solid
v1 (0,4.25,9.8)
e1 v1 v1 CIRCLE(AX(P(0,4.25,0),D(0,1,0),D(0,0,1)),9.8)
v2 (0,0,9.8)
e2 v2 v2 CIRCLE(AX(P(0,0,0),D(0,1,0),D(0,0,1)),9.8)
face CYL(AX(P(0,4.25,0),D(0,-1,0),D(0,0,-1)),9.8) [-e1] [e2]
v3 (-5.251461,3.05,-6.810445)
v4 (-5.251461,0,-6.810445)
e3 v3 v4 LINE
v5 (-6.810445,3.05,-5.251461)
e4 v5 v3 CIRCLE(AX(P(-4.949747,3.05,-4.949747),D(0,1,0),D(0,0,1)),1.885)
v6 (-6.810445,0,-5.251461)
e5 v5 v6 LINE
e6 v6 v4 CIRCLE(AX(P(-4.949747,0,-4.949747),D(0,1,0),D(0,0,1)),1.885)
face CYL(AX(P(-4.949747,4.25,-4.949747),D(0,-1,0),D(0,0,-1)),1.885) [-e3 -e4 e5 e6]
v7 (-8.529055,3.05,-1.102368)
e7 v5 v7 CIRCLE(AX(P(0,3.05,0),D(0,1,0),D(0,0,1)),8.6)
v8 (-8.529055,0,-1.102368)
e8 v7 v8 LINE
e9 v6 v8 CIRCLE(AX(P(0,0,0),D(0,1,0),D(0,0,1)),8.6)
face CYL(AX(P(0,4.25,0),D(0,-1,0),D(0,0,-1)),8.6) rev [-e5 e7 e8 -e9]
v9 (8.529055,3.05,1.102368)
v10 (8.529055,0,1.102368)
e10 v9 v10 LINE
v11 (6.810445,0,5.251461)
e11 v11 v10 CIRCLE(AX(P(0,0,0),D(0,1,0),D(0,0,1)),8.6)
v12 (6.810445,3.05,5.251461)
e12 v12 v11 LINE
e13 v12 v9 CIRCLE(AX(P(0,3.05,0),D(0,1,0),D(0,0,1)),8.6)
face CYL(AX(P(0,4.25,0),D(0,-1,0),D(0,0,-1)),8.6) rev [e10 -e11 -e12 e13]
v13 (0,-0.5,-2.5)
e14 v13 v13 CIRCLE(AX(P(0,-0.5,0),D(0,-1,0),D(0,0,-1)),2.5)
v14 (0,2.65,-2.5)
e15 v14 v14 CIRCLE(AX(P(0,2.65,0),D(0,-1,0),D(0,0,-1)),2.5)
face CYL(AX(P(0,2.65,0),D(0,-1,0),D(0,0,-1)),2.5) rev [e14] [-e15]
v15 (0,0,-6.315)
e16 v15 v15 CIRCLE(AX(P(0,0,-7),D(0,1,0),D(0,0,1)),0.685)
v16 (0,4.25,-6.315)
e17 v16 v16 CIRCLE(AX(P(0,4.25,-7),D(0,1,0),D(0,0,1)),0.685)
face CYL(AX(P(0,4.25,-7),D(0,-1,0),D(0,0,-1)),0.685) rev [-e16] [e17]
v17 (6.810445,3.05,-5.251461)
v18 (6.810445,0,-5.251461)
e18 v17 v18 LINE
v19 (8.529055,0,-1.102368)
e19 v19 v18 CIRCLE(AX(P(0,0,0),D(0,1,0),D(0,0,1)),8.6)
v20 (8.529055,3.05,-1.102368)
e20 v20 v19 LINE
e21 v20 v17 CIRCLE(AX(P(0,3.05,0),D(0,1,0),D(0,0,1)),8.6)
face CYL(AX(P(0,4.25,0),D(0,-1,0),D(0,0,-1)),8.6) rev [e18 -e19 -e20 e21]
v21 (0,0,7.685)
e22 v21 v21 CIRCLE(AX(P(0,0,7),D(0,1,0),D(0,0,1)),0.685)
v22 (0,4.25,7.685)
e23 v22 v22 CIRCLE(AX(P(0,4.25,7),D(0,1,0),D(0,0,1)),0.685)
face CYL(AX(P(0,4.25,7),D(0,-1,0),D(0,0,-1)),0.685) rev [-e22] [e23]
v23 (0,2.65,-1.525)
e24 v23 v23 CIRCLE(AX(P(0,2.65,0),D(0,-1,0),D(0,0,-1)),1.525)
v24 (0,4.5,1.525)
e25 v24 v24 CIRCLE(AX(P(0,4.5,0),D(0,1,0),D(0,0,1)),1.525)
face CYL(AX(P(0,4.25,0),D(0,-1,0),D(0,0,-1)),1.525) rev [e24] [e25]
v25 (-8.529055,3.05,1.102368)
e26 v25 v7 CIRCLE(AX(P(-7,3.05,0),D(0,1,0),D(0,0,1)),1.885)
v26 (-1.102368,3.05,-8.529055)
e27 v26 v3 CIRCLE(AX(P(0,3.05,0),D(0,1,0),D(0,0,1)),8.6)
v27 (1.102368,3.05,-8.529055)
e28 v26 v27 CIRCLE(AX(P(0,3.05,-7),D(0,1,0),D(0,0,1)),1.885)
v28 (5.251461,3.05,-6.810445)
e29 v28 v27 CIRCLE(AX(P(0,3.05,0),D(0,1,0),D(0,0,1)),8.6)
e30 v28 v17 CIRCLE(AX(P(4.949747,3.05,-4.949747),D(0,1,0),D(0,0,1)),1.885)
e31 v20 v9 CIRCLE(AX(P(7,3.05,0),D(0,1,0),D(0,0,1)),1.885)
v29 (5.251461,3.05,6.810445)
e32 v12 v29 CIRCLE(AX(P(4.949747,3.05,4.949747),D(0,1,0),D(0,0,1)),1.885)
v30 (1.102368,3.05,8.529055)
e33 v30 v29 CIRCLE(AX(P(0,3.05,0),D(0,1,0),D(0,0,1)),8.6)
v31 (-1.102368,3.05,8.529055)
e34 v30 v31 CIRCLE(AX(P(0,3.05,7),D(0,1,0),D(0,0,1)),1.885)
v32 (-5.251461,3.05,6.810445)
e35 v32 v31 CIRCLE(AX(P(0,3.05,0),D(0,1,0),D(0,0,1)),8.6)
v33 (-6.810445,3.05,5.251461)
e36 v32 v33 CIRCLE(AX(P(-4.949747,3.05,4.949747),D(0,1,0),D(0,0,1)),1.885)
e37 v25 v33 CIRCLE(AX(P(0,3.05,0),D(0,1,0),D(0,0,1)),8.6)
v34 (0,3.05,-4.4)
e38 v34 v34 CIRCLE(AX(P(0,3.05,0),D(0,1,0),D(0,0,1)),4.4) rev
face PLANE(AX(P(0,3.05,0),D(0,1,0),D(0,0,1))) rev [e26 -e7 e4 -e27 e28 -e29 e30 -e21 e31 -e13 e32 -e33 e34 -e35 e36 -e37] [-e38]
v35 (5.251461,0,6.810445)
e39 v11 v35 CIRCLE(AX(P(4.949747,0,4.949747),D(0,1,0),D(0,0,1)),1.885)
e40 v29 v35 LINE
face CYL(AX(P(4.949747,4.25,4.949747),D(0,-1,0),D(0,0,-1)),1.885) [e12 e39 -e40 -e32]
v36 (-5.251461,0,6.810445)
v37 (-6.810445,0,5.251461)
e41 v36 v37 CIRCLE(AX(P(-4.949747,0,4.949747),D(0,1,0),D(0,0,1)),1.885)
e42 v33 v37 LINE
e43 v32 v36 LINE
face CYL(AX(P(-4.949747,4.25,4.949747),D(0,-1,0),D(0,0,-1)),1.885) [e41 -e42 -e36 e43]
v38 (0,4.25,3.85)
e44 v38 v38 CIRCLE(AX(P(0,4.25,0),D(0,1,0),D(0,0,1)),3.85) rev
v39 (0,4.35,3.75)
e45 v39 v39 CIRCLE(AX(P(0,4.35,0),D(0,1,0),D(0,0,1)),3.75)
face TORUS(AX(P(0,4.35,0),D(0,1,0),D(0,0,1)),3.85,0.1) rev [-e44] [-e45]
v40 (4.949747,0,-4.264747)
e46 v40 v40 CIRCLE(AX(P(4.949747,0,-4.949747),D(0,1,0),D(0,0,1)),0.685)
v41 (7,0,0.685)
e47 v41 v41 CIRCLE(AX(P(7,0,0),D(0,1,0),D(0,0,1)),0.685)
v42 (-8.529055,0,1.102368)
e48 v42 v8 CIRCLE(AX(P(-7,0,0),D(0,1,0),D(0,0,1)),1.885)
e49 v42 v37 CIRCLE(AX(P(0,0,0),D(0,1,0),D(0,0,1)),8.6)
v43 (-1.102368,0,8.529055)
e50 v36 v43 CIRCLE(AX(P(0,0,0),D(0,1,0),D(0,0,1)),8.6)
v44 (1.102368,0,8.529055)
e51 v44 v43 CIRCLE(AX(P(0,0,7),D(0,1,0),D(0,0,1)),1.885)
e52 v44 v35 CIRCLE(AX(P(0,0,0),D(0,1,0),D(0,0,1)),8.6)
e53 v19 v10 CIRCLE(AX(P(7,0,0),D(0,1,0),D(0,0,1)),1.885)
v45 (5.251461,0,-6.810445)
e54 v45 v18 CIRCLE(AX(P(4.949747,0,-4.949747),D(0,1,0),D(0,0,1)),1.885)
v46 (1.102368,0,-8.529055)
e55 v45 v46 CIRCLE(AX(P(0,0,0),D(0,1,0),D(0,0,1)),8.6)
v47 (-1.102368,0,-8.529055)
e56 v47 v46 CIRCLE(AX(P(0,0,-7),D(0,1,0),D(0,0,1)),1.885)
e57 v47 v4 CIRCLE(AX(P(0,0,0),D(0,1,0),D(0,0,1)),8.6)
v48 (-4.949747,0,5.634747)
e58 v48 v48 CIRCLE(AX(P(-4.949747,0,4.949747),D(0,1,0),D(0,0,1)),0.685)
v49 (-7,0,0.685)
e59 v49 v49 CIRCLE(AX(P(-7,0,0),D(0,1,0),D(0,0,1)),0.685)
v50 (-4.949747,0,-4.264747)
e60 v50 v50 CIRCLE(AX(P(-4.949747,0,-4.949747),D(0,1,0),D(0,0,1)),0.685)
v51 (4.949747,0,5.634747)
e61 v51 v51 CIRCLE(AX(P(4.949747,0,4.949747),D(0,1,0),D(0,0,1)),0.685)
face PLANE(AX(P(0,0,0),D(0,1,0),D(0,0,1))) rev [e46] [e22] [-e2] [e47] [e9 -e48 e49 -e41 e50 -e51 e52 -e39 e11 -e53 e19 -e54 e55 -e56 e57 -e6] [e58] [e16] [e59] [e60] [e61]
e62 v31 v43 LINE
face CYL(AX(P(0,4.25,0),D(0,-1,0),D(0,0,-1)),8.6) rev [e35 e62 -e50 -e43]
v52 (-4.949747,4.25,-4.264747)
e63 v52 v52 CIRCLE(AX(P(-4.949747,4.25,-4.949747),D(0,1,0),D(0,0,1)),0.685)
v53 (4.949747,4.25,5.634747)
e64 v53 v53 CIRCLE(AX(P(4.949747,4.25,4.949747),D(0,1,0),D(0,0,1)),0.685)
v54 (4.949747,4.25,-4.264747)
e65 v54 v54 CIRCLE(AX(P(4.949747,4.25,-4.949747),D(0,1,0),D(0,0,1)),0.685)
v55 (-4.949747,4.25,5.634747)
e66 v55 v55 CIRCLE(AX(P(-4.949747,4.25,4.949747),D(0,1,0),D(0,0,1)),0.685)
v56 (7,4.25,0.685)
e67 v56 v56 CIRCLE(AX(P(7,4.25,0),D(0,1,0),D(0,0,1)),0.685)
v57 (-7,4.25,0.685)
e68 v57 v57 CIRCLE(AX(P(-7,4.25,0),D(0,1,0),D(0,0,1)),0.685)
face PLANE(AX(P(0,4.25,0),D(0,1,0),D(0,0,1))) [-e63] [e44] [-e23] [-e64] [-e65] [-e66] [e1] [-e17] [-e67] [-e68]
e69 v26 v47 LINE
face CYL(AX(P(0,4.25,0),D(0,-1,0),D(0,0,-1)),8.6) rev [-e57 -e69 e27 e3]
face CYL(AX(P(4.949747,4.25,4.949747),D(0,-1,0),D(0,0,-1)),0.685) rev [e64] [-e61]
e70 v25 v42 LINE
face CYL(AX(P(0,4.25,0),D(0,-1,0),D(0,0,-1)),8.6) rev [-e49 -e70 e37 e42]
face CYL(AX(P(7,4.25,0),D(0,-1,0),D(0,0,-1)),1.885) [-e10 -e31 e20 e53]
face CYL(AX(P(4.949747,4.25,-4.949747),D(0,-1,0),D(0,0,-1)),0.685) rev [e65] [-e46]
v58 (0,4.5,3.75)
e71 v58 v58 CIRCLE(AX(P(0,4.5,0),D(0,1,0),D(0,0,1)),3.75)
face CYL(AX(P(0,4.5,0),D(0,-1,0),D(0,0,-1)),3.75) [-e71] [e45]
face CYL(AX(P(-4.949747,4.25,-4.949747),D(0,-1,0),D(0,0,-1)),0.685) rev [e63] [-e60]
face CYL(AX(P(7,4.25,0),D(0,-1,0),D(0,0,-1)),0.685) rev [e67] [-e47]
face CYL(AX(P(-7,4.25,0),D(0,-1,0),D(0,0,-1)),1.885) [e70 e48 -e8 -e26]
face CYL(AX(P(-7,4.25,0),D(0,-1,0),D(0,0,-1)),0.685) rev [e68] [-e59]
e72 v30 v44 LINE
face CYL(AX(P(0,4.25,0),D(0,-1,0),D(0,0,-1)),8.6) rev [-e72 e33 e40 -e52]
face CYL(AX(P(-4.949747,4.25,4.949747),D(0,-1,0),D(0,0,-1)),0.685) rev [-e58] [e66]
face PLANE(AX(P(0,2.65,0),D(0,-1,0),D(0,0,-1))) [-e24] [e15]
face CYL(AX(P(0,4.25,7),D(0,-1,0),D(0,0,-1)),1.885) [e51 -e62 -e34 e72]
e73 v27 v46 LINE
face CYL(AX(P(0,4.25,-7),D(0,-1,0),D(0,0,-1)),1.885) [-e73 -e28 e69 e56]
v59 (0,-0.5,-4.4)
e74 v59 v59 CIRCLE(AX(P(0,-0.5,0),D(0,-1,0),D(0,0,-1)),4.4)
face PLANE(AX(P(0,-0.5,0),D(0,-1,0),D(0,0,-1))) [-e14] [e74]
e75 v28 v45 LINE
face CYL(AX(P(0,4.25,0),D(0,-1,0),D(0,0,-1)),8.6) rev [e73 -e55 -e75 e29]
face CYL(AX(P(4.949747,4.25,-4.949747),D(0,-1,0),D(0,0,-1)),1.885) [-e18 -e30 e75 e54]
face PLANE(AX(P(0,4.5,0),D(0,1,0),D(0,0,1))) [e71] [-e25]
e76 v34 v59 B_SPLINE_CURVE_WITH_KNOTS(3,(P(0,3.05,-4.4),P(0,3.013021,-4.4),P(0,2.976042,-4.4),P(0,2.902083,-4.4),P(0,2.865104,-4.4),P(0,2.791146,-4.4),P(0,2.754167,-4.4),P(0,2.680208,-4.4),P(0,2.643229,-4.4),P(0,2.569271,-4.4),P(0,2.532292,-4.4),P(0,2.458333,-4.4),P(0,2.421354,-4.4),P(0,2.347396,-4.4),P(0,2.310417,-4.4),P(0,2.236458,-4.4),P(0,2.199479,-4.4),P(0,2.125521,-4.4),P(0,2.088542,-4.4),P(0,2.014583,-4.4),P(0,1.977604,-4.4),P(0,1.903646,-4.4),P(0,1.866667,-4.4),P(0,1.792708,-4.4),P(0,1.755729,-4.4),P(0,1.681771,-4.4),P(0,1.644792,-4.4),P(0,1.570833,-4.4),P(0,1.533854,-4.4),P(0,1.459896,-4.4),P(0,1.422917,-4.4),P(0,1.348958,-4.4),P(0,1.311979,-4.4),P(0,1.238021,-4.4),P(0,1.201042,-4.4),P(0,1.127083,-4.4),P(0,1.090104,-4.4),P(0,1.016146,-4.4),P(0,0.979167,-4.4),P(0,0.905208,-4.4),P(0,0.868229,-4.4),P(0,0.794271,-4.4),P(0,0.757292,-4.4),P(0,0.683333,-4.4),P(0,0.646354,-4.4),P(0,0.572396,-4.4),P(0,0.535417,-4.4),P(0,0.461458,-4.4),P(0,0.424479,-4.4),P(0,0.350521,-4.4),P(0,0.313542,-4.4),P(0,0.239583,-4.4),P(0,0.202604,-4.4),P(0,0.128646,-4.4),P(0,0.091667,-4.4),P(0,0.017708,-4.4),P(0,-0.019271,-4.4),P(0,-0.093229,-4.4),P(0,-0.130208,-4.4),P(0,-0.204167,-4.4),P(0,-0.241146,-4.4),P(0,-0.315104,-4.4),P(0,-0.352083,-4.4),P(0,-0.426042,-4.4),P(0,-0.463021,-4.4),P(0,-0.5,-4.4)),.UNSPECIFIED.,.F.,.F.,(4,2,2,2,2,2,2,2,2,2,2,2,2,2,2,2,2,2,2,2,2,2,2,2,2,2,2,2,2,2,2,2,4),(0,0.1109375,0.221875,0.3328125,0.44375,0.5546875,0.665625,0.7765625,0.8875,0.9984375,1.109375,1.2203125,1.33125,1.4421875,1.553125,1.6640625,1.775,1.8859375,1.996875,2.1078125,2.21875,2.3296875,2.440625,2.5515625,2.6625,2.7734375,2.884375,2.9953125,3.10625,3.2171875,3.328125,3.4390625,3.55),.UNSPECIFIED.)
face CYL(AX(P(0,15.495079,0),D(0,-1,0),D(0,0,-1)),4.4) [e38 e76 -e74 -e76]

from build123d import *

# Parameters (mm, degrees)
SKETCH1_R                = 9.8
SKETCH1_R_2              = 0.685
SKETCH1_R_3              = 1.525
BOSS_EXTRUDE1_DEPTH      = 4.25
SHELL3_T                 = -1.2
BOSS_EXTRUDE2_DEPTH      = 0.5
BOSS_EXTRUDE2_DEPTH_BACK = 4.25
SKETCH2_R                = 4.4
SKETCH2_R_2              = 1.525
SKETCH3_R                = 2.5
CUT_EXTRUDE1_DEPTH       = 3.15
SKETCH4_R                = 3.75
SKETCH4_R_2              = 1.525
BOSS_EXTRUDE3_DEPTH      = 0.25
FILLET1_R                = 0.1


with BuildPart() as part:
    # Sketch1 → Boss-Extrude1 (new body)
    with BuildSketch(Plane(origin=(0, 0, 0), x_dir=(1, 0, 0), z_dir=(0, 1, 0))):
        with Locations(Location((0, 0, 0), (0, 0, 270))):
            Circle(SKETCH1_R)
        with Locations(Location((0, 7, 0), (0, 0, 270))):
            Circle(SKETCH1_R_2, mode=Mode.SUBTRACT)
        with Locations(Location((4.949747468, 4.949747468, 0), (0, 0, 270))):
            Circle(SKETCH1_R_2, mode=Mode.SUBTRACT)
        with Locations(Location((7, 0, 0), (0, 0, 270))):
            Circle(SKETCH1_R_2, mode=Mode.SUBTRACT)
        with Locations(Location((4.949747468, -4.949747468, 0), (0, 0, 270))):
            Circle(SKETCH1_R_2, mode=Mode.SUBTRACT)
        with Locations(Location((0, -7, 0), (0, 0, 270))):
            Circle(SKETCH1_R_2, mode=Mode.SUBTRACT)
        with Locations(Location((-4.949747468, -4.949747468, 0), (0, 0, 270))):
            Circle(SKETCH1_R_2, mode=Mode.SUBTRACT)
        with Locations(Location((-7, 0, 0), (0, 0, 270))):
            Circle(SKETCH1_R_2, mode=Mode.SUBTRACT)
        with Locations(Location((-4.949747468, 4.949747468, 0), (0, 0, 270))):
            Circle(SKETCH1_R_2, mode=Mode.SUBTRACT)
        with Locations(Location((0, 0, 0), (0, 0, 270))):
            Circle(SKETCH1_R_3, mode=Mode.SUBTRACT)
    extrude(amount=BOSS_EXTRUDE1_DEPTH)

    # Shell3
    shell3_openings = [part.faces().sort_by_distance(p)[0] for p in [
        (0, 0, -9.522814142),
    ]]
    offset(amount=SHELL3_T, openings=shell3_openings)

    # Sketch2 → Boss-Extrude2 (add, two sides: drawn at the far end of the back side and taken through both)
    with BuildSketch(Plane.XZ.offset(-BOSS_EXTRUDE2_DEPTH_BACK)):
        with Locations(Location((0, 0, 0), (0, 0, 270))):
            Circle(SKETCH2_R)
        with Locations(Location((0, 0, 0), (0, 0, 270))):
            Circle(SKETCH2_R_2, mode=Mode.SUBTRACT)
    extrude(amount=BOSS_EXTRUDE2_DEPTH + BOSS_EXTRUDE2_DEPTH_BACK)

    # Sketch3 → Cut-Extrude1 (cut)
    with BuildSketch(Plane.XZ.offset(0.5)):
        with Locations(Location((0, 0, 0), (0, 0, 270))):
            Circle(SKETCH3_R)
    extrude(amount=-CUT_EXTRUDE1_DEPTH, mode=Mode.SUBTRACT)

    # Sketch4 → Boss-Extrude3 (add)
    with BuildSketch(Plane(origin=(0, 4.25, 0), x_dir=(1, 0, 0), z_dir=(0, 1, 0))):
        with Locations(Location((0, 0, 0), (0, 0, 270))):
            Circle(SKETCH4_R)
        with Locations(Location((0, 0, 0), (0, 0, 90))):
            Circle(SKETCH4_R_2, mode=Mode.SUBTRACT)
    extrude(amount=BOSS_EXTRUDE3_DEPTH)

    # Fillet1
    fillet1_edges = [part.edges().sort_by_distance(p)[0] for p in [
        (0, 4.25, -3.75),
    ]]
    fillet(fillet1_edges, radius=FILLET1_R)


solid = part.part
